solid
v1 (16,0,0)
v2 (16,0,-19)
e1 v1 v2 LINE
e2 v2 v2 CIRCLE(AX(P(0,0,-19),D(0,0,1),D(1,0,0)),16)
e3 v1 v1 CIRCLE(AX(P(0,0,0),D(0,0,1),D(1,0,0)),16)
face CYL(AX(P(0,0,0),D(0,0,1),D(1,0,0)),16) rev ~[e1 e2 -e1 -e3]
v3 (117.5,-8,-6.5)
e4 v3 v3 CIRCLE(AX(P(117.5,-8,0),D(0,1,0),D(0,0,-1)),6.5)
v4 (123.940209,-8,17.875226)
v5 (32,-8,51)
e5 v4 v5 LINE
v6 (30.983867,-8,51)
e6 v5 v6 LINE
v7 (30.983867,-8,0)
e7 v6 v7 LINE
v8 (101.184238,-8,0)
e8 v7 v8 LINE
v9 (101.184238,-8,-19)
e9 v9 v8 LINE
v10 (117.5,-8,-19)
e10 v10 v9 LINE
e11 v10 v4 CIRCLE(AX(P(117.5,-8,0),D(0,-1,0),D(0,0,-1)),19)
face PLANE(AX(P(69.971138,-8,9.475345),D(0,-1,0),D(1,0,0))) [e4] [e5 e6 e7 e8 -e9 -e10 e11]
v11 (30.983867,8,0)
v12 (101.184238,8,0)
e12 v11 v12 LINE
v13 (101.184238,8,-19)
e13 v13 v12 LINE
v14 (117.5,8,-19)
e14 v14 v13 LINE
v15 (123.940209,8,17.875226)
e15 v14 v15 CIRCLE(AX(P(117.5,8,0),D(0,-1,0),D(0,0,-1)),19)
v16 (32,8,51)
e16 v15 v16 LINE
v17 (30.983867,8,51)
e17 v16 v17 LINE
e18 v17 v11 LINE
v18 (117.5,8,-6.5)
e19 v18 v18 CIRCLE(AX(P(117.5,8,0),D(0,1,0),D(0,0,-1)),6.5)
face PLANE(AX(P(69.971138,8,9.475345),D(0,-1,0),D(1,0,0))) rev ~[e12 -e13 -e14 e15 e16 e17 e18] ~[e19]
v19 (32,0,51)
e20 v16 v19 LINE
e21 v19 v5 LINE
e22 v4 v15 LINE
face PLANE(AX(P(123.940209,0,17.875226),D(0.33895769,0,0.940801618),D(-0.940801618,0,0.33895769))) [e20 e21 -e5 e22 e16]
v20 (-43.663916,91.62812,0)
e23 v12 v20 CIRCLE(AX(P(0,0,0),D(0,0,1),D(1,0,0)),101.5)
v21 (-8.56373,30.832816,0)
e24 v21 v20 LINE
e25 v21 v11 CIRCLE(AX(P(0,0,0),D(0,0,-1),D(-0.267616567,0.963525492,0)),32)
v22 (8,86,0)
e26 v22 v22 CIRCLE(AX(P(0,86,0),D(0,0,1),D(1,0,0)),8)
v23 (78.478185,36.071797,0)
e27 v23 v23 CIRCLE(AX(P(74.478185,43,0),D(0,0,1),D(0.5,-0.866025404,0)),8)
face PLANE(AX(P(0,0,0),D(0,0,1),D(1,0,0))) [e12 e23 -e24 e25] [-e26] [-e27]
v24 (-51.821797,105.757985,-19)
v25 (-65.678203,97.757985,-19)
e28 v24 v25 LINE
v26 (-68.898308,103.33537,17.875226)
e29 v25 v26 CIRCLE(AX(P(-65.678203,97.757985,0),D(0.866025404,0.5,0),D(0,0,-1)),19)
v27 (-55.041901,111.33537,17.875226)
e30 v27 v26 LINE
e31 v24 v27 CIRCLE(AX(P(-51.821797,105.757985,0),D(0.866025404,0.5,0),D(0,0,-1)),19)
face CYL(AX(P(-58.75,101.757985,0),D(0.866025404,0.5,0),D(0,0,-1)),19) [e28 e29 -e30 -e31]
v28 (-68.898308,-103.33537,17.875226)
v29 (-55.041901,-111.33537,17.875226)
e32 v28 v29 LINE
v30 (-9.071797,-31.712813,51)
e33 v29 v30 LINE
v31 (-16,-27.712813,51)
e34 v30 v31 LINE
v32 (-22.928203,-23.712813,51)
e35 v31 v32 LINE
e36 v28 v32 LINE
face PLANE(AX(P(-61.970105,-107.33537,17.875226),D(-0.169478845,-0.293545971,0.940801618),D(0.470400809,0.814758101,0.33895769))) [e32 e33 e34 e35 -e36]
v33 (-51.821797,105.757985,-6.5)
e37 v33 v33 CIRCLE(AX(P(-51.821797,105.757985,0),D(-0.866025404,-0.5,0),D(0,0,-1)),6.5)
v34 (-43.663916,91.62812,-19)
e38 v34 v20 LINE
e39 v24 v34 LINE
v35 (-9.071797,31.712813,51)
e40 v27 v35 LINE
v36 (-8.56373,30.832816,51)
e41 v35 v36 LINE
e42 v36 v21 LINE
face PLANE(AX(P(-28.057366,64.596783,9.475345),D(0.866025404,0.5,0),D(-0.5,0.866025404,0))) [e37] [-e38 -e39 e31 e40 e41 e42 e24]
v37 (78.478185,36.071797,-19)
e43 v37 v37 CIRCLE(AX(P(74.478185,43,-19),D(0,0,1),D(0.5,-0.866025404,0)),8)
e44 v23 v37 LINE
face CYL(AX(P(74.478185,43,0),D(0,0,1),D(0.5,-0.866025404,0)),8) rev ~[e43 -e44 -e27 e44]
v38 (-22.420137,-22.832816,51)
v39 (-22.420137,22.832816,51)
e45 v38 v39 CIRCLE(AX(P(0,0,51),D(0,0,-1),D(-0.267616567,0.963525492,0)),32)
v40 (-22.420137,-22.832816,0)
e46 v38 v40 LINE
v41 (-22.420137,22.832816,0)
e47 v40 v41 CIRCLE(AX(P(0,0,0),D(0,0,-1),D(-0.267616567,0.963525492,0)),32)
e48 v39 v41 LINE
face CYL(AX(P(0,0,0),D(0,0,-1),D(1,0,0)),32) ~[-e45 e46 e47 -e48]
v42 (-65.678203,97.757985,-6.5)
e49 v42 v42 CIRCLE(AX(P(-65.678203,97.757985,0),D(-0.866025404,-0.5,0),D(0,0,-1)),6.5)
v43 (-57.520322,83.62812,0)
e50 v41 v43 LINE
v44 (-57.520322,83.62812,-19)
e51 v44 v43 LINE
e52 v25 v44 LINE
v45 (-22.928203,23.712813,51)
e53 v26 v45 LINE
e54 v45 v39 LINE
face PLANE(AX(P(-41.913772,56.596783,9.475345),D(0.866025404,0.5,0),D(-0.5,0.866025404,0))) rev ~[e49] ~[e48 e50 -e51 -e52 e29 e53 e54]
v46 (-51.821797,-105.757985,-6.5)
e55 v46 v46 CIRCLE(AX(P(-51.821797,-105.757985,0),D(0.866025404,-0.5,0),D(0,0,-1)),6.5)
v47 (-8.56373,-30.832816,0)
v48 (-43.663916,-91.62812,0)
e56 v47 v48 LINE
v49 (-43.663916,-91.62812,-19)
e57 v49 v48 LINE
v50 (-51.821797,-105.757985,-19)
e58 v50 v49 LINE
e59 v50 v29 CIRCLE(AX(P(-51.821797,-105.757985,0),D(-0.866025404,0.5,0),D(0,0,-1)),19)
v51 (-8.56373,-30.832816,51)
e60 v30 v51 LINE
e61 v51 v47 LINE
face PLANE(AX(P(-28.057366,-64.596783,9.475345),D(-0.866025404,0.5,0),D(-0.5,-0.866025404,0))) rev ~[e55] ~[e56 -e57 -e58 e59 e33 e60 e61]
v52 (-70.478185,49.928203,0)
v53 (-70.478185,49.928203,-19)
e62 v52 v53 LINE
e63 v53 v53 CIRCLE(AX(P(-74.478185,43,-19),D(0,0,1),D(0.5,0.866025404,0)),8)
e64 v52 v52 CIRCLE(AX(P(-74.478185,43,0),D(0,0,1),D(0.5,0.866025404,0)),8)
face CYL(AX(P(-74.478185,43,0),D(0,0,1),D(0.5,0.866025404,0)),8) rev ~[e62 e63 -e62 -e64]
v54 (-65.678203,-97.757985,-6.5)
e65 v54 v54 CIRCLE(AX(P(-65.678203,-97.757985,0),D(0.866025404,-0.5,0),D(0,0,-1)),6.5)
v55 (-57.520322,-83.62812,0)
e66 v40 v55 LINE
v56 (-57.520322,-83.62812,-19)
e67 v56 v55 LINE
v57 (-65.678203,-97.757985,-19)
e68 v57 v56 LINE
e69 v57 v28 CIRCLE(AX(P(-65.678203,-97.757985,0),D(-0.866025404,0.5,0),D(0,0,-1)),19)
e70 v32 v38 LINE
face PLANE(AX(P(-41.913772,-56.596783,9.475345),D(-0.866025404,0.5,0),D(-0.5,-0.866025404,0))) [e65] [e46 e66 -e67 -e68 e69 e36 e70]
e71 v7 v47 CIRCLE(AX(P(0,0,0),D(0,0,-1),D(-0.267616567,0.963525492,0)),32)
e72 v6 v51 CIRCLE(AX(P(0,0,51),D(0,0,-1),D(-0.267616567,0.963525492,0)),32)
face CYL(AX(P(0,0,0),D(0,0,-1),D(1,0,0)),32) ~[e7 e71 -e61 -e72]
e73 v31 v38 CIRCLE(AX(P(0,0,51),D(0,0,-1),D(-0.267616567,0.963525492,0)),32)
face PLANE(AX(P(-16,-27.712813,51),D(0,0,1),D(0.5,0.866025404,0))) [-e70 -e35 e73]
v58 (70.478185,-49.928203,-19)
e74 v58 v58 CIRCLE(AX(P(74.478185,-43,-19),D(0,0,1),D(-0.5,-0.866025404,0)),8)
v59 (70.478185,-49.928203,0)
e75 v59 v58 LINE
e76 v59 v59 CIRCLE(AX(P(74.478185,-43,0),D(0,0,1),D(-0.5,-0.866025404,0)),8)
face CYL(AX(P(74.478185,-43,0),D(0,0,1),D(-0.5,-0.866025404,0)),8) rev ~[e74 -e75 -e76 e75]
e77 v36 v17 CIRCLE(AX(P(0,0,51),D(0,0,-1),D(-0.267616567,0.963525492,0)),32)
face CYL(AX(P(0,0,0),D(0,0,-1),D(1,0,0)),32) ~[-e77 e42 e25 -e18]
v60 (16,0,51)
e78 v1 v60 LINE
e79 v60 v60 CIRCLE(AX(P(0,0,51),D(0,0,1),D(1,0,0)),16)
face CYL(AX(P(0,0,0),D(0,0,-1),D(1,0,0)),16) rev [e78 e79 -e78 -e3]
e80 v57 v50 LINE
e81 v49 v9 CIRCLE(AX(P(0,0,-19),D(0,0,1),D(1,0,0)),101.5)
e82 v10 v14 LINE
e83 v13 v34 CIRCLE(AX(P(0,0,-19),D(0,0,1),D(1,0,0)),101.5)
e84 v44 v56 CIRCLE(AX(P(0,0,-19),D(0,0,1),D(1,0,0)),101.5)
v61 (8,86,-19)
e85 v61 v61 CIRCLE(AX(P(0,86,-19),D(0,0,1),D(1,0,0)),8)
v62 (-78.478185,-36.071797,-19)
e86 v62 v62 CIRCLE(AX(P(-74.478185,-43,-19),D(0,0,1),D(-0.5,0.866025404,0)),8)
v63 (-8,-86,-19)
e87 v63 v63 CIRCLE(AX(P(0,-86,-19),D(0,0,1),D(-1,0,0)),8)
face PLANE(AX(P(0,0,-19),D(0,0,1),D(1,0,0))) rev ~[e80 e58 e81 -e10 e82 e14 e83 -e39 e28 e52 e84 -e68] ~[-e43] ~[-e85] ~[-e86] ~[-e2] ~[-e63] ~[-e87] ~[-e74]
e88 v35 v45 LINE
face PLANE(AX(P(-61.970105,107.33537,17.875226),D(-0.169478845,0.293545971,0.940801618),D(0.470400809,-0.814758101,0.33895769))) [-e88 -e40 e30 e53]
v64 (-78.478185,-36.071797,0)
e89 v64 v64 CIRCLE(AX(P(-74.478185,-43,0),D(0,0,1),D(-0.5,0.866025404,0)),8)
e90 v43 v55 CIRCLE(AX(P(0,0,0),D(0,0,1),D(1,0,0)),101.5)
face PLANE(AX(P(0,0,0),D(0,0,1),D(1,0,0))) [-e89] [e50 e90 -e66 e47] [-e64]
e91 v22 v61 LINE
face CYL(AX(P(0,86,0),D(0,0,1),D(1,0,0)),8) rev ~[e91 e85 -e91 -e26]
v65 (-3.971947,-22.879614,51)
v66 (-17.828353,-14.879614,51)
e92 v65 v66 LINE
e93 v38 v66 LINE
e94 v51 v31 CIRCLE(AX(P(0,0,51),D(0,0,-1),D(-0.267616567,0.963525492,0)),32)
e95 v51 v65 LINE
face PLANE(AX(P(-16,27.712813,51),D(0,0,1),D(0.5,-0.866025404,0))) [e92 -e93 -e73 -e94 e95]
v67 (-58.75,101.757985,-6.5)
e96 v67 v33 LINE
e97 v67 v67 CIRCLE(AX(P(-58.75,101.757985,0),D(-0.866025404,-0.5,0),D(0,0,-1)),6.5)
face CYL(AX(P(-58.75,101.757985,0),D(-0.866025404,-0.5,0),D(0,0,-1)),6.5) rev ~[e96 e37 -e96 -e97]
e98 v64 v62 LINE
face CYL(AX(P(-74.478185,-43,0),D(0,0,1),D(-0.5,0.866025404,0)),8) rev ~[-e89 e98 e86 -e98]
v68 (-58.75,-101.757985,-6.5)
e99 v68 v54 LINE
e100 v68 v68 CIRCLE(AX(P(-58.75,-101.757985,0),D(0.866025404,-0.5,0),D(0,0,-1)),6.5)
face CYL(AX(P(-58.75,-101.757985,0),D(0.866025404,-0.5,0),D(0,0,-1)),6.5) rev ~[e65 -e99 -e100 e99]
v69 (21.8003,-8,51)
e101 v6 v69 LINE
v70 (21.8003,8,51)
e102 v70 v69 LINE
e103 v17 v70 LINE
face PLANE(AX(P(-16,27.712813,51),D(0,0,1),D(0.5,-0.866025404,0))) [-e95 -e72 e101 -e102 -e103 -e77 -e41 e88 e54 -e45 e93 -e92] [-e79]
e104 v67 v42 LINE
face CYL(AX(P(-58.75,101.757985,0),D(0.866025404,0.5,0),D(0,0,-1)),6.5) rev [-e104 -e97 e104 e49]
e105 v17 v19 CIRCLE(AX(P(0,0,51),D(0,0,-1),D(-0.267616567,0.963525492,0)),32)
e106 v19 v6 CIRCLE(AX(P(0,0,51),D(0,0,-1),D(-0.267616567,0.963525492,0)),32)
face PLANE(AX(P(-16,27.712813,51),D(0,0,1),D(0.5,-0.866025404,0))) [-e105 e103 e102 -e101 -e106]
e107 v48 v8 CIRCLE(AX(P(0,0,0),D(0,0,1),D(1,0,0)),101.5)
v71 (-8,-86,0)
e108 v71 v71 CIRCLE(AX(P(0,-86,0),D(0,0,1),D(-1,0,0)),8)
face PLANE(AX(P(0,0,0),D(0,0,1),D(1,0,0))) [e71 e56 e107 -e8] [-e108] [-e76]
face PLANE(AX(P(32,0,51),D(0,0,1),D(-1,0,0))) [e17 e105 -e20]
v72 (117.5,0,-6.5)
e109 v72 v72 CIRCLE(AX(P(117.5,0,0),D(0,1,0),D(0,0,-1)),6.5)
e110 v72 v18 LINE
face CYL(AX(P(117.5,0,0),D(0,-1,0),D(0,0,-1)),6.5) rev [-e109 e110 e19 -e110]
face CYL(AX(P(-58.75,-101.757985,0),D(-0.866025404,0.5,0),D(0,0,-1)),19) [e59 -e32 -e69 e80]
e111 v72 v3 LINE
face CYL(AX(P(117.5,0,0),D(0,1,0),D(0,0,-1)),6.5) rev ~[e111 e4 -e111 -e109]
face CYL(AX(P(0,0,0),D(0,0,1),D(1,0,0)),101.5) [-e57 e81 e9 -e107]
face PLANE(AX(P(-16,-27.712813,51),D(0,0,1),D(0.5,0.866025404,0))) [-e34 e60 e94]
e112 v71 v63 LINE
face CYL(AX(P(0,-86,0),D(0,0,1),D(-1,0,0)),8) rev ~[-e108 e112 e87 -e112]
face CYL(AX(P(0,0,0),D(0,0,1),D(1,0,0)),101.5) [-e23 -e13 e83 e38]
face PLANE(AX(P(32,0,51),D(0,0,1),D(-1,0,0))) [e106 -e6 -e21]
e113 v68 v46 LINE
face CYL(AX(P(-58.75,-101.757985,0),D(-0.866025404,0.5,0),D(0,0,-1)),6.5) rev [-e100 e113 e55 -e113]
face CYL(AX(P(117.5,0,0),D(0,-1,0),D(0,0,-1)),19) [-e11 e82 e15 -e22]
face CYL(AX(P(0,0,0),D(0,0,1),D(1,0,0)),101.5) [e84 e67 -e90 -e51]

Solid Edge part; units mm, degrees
sketch "Sketch1" plane through (0, 0, 0) normal (0, 0, 1) x (1, 0, 0)
  circle A0 centre (0, 0) radius 101.5
extrude "Protrusion1" add sketch "Sketch1" against normal blind 19
sketch "Sketch2" plane through (0, 0, 0) normal (0, 0, 1) x (1, 0, 0)
  circle A0 centre (0, 0) radius 32
extrude "ExtrudedProtrusion_2" add sketch "Sketch2" along normal blind 51
sketch "Sketch3" plane through (0, 0, 0) normal (0, 0, 1) x (1, 0, 0)
  circle A0 centre (0, 0) radius 16
extrude "ExtrudedCutout_1" cut sketch "Sketch3" along normal blind 51 and the other way blind 19
sketch "Sketch4" plane through (0, 0, 0) normal (0, 0, 1) x (1, 0, 0)
  circle A0 centre (0, 86) radius 8
extrude "ExtrudedCutout_2" cut sketch "Sketch4" against normal blind 19
pattern_circular "Pattern1" count 6 over 360 about axis through (0, 0, 0) along (0, 0, -1) of "ExtrudedCutout_2"
sketch "Sketch5" plane through (0, 0, 0) normal (-0.866, -0.5, 0) x (0, 0, -1)
  line L0 (-17.8752, -123.9402) -> (-51, -32)
  line L1 (-51, -32) -> (-51, -21.8003)
  line L2 (19, -21.8003) -> (-51, -21.8003)
  line L3 (19, -117.5) -> (19, -21.8003)
  arc A0 (19, -117.5) -> (-17.8752, -123.9402) centre (0, -117.5) cw
extrude "Protrusion_3" add sketch "Sketch5" along normal mid plane 16
sketch "Sketch6" plane through (0, 0, 0) normal (-0.866, -0.5, 0) x (0, 0, -1)
  circle A0 centre (0, -117.5) radius 6.5
extrude "Cutout_3" cut sketch "Sketch6" along normal mid plane 16
pattern_circular "Pattern2" count 3 over 360 about axis through (0, 0, 0) along (0, 0, -1) of "Protrusion_3", "Cutout_3"
